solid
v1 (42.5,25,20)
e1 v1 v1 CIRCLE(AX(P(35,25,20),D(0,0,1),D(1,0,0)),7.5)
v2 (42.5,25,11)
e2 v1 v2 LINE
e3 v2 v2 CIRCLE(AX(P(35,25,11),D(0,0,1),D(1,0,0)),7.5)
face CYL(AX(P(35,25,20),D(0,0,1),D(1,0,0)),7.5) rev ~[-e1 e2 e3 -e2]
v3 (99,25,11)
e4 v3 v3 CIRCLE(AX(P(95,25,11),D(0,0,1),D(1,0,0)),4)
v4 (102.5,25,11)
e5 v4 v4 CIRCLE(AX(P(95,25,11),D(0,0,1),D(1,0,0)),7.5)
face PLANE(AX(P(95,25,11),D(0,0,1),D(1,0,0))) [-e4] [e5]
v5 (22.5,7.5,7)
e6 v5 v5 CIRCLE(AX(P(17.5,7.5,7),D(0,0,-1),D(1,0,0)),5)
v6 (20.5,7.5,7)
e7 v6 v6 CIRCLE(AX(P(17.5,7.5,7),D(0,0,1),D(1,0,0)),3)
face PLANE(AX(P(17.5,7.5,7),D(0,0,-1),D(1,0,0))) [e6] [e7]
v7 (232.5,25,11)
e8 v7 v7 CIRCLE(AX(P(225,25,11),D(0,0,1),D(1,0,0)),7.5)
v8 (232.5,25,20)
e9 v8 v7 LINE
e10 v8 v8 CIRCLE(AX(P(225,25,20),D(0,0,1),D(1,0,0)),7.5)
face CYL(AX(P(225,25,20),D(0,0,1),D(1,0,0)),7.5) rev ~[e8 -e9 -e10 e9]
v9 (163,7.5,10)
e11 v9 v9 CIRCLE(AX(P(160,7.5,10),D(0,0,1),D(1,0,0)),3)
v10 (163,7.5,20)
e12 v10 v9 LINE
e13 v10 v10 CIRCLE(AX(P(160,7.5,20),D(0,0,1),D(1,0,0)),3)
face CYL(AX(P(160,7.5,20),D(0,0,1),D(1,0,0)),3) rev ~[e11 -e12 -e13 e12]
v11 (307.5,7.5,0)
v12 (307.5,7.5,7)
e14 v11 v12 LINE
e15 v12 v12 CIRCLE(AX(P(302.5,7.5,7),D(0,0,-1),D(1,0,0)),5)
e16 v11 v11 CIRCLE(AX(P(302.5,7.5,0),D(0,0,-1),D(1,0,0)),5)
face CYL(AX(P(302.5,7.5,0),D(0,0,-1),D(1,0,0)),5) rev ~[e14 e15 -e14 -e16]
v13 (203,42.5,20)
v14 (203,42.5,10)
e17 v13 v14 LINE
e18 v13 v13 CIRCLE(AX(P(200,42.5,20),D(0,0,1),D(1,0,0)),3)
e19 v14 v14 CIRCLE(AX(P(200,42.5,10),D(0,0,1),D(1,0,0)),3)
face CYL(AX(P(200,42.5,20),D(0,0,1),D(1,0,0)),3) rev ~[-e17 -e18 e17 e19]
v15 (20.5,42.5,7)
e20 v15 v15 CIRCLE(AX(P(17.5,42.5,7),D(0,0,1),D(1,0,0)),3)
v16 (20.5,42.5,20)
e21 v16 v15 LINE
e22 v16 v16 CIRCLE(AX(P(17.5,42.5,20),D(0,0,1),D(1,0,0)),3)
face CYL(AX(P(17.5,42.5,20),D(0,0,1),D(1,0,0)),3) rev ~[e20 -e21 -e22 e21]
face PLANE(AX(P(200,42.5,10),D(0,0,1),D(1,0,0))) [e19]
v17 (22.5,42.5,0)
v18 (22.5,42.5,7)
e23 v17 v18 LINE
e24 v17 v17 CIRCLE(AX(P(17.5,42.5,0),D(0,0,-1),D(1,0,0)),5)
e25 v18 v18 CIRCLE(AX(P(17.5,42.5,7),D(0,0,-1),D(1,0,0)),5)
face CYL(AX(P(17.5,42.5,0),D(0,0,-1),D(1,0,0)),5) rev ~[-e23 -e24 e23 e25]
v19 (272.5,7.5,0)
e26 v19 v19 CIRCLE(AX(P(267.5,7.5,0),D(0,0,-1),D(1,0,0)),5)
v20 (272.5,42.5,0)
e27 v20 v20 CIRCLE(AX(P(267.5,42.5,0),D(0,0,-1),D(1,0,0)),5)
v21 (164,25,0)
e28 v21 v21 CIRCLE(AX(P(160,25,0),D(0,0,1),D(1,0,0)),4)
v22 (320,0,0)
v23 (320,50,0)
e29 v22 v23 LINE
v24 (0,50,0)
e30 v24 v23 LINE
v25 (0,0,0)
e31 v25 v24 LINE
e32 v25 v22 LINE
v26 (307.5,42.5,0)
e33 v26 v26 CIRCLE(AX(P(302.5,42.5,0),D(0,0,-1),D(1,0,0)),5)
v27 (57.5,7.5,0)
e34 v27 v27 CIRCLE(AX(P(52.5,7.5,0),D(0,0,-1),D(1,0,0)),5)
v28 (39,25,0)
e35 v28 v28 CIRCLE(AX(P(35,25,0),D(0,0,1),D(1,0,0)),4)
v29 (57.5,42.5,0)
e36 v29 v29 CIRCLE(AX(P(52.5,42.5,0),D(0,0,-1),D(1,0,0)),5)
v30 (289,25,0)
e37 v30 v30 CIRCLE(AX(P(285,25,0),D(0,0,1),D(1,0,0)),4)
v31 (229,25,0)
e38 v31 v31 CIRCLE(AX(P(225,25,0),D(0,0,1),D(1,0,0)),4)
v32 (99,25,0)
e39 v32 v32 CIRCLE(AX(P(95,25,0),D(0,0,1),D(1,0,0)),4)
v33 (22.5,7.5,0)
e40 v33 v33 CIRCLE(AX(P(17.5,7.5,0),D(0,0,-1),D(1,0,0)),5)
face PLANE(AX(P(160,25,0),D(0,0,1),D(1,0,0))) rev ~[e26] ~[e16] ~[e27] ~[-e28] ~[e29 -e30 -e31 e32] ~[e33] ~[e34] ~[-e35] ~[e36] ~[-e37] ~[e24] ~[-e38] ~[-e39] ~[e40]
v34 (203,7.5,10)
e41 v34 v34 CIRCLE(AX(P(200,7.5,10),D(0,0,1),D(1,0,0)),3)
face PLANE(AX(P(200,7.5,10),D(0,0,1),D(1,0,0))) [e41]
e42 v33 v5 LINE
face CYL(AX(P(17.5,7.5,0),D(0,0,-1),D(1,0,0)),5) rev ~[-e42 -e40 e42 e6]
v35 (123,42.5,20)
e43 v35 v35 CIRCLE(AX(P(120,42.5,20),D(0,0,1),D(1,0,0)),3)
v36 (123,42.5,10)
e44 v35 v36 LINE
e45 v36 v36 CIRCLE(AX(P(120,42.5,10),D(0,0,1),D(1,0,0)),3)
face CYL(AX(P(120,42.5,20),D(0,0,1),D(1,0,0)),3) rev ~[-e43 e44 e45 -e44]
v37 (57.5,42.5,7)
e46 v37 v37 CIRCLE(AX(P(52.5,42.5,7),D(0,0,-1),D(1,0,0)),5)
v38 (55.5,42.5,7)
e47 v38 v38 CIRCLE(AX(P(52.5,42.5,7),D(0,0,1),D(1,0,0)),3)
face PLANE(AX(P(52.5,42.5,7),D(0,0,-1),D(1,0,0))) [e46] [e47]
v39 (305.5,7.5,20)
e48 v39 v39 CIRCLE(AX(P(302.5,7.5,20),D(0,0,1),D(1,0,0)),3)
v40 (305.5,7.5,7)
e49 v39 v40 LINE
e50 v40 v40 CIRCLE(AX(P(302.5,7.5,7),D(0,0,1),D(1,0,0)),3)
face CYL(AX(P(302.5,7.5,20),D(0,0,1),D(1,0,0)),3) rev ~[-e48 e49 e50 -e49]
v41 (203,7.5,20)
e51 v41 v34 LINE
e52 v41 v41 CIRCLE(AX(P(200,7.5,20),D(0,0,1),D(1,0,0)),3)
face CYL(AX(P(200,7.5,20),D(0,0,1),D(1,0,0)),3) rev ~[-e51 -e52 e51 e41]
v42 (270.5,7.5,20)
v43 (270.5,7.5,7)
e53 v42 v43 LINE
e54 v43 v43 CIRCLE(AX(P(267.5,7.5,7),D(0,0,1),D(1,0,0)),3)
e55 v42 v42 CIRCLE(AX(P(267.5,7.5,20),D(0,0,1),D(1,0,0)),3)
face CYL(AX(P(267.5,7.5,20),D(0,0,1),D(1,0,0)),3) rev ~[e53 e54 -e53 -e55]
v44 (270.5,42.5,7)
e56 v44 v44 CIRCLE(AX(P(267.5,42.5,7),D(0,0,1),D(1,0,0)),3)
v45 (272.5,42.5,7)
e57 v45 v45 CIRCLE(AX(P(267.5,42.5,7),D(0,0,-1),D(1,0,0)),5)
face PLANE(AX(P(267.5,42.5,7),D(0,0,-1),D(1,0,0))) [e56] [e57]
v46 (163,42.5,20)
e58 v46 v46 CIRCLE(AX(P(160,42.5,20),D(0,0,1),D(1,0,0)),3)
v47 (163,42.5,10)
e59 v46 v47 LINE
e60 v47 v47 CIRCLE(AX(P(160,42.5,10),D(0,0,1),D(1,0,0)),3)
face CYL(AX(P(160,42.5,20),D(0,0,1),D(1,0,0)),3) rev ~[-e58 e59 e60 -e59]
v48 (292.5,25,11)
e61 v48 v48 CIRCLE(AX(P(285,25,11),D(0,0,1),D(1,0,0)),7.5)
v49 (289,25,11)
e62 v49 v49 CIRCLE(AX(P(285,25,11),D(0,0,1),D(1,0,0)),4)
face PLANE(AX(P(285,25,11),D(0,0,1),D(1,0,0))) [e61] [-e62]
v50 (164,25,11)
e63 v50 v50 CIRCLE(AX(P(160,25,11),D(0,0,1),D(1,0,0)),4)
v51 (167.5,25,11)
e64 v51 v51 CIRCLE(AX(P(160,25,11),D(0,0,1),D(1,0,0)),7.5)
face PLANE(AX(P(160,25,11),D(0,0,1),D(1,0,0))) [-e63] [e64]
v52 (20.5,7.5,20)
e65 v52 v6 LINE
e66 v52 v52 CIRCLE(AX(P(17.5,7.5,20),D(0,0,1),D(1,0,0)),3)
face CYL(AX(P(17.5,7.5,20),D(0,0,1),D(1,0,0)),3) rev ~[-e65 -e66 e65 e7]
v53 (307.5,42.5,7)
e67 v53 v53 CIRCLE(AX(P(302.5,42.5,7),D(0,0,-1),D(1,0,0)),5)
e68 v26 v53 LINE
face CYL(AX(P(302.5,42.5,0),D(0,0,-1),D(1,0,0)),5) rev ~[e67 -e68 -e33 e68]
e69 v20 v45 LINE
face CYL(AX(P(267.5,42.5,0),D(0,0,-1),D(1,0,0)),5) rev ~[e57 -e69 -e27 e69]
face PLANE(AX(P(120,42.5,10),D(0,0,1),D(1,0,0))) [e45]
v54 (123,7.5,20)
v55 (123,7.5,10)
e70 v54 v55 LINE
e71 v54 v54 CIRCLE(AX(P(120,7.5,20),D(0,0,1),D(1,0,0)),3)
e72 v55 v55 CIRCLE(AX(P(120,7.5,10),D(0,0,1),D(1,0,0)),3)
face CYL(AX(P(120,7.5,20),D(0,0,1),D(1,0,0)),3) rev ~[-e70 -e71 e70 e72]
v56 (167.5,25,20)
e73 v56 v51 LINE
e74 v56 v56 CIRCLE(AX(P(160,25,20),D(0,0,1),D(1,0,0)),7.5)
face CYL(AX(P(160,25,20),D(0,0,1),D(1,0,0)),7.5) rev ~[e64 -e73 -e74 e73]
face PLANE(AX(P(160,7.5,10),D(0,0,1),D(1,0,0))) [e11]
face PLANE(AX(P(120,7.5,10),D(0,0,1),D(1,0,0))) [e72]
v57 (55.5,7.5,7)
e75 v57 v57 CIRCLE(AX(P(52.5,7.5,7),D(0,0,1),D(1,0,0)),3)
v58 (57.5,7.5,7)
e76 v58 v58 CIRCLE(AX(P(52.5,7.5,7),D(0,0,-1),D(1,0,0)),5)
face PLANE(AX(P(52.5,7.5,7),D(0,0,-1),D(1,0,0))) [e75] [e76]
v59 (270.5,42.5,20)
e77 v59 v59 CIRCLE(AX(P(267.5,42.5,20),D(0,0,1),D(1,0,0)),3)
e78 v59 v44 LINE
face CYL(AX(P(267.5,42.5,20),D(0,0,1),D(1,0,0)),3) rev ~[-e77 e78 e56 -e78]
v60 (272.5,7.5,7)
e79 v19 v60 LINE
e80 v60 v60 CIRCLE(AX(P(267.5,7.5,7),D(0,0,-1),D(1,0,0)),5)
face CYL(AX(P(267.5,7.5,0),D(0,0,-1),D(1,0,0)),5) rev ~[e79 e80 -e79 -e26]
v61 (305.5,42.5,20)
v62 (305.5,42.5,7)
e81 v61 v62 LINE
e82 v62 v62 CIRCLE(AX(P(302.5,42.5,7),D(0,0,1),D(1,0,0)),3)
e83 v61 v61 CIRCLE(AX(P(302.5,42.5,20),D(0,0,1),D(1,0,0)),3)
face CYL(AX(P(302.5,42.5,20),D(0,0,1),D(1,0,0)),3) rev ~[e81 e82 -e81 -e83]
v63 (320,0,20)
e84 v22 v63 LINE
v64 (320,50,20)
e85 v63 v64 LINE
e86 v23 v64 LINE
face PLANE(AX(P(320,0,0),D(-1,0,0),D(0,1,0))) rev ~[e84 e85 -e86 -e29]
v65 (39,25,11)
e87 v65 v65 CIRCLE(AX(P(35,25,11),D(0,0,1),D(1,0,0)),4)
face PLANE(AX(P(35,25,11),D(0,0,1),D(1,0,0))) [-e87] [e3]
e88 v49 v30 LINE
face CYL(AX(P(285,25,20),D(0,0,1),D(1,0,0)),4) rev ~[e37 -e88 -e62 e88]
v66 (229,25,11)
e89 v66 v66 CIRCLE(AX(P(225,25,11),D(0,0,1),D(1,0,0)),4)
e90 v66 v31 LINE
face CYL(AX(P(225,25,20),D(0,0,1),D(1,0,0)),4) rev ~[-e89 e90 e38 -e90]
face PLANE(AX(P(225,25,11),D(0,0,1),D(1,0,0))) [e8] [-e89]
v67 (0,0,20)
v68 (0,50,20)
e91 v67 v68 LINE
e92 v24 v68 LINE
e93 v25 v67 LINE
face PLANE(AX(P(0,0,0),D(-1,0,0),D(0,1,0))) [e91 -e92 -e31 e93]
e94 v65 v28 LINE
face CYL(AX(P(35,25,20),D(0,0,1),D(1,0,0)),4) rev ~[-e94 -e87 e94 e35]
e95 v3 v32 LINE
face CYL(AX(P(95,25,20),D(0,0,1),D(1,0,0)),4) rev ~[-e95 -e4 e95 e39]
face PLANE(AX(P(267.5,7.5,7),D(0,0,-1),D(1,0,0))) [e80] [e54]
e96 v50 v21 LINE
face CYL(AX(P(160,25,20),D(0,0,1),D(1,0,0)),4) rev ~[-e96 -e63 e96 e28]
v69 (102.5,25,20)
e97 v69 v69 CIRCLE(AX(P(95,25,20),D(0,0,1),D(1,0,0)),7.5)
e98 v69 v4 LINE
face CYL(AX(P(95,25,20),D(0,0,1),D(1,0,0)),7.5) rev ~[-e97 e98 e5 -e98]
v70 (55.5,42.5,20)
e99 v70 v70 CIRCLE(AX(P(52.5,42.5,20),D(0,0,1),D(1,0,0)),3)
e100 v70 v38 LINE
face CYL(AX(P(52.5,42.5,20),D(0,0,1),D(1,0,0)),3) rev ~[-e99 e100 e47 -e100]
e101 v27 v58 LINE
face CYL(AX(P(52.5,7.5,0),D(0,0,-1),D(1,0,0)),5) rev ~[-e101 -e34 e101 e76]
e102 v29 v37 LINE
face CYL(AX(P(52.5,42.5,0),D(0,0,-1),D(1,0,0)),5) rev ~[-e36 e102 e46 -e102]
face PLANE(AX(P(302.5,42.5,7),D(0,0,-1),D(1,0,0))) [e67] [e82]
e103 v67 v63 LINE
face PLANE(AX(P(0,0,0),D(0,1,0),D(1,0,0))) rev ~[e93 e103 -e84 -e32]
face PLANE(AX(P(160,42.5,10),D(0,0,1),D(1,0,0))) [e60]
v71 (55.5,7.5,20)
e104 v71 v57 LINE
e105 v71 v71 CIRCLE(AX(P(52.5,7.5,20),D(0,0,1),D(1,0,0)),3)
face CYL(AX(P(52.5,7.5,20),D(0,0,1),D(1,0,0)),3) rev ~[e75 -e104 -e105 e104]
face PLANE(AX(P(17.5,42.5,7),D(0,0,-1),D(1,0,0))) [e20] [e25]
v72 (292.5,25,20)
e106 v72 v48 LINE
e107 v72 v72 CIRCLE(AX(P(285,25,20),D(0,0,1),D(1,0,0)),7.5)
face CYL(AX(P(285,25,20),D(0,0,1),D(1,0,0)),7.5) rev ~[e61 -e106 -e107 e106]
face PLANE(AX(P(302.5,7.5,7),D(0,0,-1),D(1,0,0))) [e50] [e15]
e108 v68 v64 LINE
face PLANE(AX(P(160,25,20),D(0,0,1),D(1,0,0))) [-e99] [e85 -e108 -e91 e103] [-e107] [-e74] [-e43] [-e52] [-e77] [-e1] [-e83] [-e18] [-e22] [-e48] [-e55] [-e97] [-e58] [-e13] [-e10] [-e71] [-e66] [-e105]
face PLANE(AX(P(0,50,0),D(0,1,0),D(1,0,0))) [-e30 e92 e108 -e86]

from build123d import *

# Parameters (mm, degrees)
F0_W     = 320
F0_H     = 50
F1_DEPTH = 20
F2_R     = 3
F2_R_2   = 4
F3_DEPTH = 20
F4_R     = 7.5
F5_DEPTH = 9
F6_R     = 5
F7_DEPTH = 7
F8_R     = 3
F9_DEPTH = 10


with BuildPart() as f1:
    # F0 (on Top) → F1 (new body)
    with BuildSketch(Plane.XY):
        with Locations((160, 25)):
            Rectangle(F0_W, F0_H)
    extrude(amount=F1_DEPTH)

    # F2 (on face) → F3 (cut)
    with BuildSketch(Plane.XY.offset(20)):
        with Locations((17.5, 42.5)):
            Circle(F2_R)
        with Locations((17.5, 7.5)):
            Circle(F2_R)
        with Locations((52.5, 7.5)):
            Circle(F2_R)
        with Locations((52.5, 42.5)):
            Circle(F2_R)
        with Locations((35, 25)):
            Circle(F2_R_2)
        with Locations((95, 25)):
            Circle(F2_R_2)
        with Locations((160, 25)):
            Circle(F2_R_2)
        with Locations((225, 25)):
            Circle(F2_R_2)
        with Locations((285, 25)):
            Circle(F2_R_2)
        with Locations((267.5, 42.5)):
            Circle(F2_R)
        with Locations((302.5, 42.5)):
            Circle(F2_R)
        with Locations((302.5, 7.5)):
            Circle(F2_R)
        with Locations((267.5, 7.5)):
            Circle(F2_R)
    extrude(amount=-F3_DEPTH, mode=Mode.SUBTRACT)

    # F4 (on face) → F5 (cut)
    with BuildSketch(Plane.XY.offset(20)):
        with Locations((35, 25)):
            Circle(F4_R)
        with Locations((95, 25)):
            Circle(F4_R)
        with Locations((160, 25)):
            Circle(F4_R)
        with Locations((225, 25)):
            Circle(F4_R)
        with Locations((285, 25)):
            Circle(F4_R)
    extrude(amount=-F5_DEPTH, mode=Mode.SUBTRACT)

    # F6 (on face) → F7 (cut)
    with BuildSketch(Plane(origin=(0, 0, 0), x_dir=(1, 0, 0), z_dir=(0, 0, -1))):
        with Locations((17.5, -7.5)):
            Circle(F6_R)
        with Locations((17.5, -42.5)):
            Circle(F6_R)
        with Locations((52.5, -42.5)):
            Circle(F6_R)
        with Locations((52.5, -7.5)):
            Circle(F6_R)
        with Locations((267.5, -7.5)):
            Circle(F6_R)
        with Locations((302.5, -7.5)):
            Circle(F6_R)
        with Locations((302.5, -42.5)):
            Circle(F6_R)
        with Locations((267.5, -42.5)):
            Circle(F6_R)
    extrude(amount=-F7_DEPTH, mode=Mode.SUBTRACT)

    # F8 (on face) → F9 (cut)
    with BuildSketch(Plane.XY.offset(20)):
        with Locations((120, 42.5)):
            Circle(F8_R)
        with Locations((120, 7.5)):
            Circle(F8_R)
        with Locations((160, 42.5)):
            Circle(F8_R)
        with Locations((160, 7.5)):
            Circle(F8_R)
        with Locations((200, 42.5)):
            Circle(F8_R)
        with Locations((200, 7.5)):
            Circle(F8_R)
    extrude(amount=-F9_DEPTH, mode=Mode.SUBTRACT)


solid = f1.part
